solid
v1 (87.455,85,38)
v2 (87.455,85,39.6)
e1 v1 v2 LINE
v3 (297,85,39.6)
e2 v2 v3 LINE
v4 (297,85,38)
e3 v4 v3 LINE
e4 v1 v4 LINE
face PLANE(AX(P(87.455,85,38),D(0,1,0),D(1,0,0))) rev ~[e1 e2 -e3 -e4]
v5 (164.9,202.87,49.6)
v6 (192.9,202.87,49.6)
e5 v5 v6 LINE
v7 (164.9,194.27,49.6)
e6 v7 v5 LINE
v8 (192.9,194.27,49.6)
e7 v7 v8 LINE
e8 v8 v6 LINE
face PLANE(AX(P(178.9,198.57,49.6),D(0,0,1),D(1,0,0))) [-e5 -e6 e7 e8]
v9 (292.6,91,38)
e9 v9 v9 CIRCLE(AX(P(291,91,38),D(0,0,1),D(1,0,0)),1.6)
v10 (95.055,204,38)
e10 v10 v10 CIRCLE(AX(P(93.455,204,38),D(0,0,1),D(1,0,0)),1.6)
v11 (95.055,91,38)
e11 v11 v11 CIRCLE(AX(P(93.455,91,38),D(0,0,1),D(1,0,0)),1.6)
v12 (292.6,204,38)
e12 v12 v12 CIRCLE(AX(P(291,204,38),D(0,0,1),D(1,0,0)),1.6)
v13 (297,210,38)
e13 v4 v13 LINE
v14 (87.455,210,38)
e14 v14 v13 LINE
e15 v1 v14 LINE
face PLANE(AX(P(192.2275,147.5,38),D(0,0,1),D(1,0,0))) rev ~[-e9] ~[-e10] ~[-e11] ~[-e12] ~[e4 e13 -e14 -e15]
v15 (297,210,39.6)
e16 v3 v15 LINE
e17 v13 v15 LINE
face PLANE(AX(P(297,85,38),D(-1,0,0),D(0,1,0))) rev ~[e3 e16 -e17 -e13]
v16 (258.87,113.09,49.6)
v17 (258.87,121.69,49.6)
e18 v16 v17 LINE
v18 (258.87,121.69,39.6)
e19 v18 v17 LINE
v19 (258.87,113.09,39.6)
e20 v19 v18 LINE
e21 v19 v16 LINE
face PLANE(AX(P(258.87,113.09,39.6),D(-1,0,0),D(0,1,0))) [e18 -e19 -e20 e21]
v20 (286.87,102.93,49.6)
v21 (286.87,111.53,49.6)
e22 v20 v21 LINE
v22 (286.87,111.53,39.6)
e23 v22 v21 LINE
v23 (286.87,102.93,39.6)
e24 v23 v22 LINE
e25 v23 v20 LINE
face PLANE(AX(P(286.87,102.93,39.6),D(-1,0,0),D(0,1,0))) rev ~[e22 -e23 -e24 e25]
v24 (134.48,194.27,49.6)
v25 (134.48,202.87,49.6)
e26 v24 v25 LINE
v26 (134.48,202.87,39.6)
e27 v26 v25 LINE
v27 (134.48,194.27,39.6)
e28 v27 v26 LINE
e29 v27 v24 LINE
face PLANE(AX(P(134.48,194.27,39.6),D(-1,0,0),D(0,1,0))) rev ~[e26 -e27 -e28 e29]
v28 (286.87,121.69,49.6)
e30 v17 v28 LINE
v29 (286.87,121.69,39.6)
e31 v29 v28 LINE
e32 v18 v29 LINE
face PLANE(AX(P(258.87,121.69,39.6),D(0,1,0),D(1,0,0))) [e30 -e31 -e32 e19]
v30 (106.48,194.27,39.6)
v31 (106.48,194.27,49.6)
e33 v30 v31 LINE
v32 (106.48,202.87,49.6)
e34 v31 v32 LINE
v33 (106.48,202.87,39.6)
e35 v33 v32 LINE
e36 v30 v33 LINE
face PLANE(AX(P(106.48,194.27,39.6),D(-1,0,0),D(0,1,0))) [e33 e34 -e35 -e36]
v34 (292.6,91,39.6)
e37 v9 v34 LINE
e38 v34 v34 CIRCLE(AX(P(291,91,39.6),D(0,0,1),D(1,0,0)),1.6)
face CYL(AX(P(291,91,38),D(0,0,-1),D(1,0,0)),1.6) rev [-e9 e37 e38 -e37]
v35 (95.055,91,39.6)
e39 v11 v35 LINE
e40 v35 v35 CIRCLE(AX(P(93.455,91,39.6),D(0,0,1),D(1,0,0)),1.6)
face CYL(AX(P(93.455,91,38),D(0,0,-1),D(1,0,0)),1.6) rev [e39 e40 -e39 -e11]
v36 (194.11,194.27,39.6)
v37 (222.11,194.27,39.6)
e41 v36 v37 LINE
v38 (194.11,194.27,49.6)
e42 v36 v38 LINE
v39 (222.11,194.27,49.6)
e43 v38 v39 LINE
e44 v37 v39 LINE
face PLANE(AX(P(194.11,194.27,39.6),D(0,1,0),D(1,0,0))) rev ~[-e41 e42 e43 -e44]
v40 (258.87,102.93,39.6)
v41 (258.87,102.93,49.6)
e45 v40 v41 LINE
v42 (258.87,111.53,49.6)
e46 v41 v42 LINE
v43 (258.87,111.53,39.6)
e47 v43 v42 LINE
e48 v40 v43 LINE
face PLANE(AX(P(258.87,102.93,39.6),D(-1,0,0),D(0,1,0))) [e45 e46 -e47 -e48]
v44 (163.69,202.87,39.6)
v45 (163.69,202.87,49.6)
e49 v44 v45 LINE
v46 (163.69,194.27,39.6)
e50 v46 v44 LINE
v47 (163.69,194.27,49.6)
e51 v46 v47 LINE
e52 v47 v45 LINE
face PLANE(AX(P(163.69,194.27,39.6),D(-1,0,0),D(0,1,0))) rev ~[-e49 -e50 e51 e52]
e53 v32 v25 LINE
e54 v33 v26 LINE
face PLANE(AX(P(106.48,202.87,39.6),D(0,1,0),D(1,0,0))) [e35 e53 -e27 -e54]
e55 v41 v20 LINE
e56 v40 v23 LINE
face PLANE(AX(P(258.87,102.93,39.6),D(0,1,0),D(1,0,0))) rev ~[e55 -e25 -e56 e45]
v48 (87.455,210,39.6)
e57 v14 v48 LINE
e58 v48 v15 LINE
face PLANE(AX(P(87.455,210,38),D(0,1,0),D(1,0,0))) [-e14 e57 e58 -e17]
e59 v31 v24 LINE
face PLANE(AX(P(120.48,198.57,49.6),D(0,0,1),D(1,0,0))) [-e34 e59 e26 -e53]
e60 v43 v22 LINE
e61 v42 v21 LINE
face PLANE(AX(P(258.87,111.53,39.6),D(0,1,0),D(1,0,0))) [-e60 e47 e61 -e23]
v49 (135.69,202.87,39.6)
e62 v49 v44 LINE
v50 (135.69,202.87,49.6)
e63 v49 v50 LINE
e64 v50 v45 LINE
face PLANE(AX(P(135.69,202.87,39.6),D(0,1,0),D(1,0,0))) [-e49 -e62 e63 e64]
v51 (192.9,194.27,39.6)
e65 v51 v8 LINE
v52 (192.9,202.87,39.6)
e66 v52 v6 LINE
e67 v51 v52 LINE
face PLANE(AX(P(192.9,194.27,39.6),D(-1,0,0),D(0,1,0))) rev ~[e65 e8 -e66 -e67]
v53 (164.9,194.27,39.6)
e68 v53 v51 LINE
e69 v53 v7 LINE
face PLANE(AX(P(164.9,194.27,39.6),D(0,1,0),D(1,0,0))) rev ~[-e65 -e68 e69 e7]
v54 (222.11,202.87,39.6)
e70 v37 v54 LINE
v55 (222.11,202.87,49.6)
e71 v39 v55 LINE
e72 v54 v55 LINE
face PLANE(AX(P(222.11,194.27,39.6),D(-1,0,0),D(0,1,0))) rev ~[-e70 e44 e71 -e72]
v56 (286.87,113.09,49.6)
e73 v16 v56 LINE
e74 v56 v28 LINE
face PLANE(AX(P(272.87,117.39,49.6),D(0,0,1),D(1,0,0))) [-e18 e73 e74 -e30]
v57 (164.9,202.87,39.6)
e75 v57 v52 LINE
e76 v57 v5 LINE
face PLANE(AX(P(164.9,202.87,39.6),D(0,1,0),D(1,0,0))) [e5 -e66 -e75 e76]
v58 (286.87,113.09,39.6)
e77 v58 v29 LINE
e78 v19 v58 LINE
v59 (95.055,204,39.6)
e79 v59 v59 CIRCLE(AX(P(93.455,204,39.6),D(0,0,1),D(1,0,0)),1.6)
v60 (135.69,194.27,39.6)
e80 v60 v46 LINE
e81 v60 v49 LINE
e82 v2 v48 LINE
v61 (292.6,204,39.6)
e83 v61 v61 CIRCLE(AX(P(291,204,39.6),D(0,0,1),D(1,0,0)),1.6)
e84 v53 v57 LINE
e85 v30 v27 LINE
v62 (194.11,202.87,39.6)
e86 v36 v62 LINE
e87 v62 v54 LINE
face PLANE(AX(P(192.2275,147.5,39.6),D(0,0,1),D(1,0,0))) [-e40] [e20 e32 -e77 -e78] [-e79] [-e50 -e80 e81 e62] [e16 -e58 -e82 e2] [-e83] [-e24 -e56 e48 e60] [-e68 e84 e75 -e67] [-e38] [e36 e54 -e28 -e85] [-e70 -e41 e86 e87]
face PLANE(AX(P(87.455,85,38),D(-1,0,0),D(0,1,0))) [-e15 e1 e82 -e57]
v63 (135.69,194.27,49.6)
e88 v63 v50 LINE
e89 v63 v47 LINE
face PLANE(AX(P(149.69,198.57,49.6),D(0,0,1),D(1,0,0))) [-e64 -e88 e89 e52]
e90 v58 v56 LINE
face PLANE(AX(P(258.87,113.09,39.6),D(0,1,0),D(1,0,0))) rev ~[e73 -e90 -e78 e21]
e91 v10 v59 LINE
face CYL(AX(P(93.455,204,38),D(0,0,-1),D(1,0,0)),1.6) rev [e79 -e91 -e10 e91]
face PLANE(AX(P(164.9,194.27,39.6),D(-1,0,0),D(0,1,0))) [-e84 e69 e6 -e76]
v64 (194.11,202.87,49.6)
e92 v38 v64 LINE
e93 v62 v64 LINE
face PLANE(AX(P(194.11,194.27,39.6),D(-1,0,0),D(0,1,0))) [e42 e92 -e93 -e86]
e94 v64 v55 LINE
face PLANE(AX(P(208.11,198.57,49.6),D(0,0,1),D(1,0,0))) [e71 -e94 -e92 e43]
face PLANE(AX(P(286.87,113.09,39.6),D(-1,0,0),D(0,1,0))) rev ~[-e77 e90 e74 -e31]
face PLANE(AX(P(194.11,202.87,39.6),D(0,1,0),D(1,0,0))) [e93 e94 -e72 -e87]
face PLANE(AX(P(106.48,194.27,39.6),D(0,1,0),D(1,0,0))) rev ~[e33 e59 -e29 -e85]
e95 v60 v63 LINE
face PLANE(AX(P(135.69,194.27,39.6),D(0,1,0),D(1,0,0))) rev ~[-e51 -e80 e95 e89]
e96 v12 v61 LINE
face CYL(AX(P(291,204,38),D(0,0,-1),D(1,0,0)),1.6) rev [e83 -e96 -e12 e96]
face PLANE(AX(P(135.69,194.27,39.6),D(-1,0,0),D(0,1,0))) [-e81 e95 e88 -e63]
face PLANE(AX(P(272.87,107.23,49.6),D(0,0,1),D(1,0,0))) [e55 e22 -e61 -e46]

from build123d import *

# Parameters (mm, degrees)
SKETCH010_W      = 209.545
SKETCH010_H      = 125
SKETCH010_R      = 1.6
EXTRUDE010_DEPTH = 1.6
SKETCH015_W      = 28
SKETCH015_H      = 8.6
EXTRUDE014_DEPTH = 10


with BuildPart() as extrude010:
    # Sketch010 → Extrude010 (new body)
    with BuildSketch(Plane.XY.offset(38)):
        with Locations((192.2275, 147.5)):
            Rectangle(SKETCH010_W, SKETCH010_H)
        with Locations((93.455, 204)):
            Circle(SKETCH010_R, mode=Mode.SUBTRACT)
        with Locations((291, 204)):
            Circle(SKETCH010_R, mode=Mode.SUBTRACT)
        with Locations((291, 91)):
            Circle(SKETCH010_R, mode=Mode.SUBTRACT)
        with Locations((93.455, 91)):
            Circle(SKETCH010_R, mode=Mode.SUBTRACT)
    extrude(amount=EXTRUDE010_DEPTH)


with BuildPart() as rf16:
    # Sketch015 (on Face10 of Extrude010) → Extrude014 (new body)
    with BuildSketch(Plane.XY.offset(39.6)):
        with Locations((272.87, 107.23)):
            Rectangle(SKETCH015_W, SKETCH015_H)
        with Locations((272.87, 117.39)):
            Rectangle(SKETCH015_W, SKETCH015_H)
        with Locations((208.11, 198.57)):
            Rectangle(SKETCH015_W, SKETCH015_H)
        with Locations((178.9, 198.57)):
            Rectangle(SKETCH015_W, SKETCH015_H)
        with Locations((149.69, 198.57)):
            Rectangle(SKETCH015_W, SKETCH015_H)
        with Locations((120.48, 198.57)):
            Rectangle(SKETCH015_W, SKETCH015_H)
    extrude(amount=EXTRUDE014_DEPTH)

    # Fusion005: union Extrude010
    add(extrude010.part)


solid = rf16.part
